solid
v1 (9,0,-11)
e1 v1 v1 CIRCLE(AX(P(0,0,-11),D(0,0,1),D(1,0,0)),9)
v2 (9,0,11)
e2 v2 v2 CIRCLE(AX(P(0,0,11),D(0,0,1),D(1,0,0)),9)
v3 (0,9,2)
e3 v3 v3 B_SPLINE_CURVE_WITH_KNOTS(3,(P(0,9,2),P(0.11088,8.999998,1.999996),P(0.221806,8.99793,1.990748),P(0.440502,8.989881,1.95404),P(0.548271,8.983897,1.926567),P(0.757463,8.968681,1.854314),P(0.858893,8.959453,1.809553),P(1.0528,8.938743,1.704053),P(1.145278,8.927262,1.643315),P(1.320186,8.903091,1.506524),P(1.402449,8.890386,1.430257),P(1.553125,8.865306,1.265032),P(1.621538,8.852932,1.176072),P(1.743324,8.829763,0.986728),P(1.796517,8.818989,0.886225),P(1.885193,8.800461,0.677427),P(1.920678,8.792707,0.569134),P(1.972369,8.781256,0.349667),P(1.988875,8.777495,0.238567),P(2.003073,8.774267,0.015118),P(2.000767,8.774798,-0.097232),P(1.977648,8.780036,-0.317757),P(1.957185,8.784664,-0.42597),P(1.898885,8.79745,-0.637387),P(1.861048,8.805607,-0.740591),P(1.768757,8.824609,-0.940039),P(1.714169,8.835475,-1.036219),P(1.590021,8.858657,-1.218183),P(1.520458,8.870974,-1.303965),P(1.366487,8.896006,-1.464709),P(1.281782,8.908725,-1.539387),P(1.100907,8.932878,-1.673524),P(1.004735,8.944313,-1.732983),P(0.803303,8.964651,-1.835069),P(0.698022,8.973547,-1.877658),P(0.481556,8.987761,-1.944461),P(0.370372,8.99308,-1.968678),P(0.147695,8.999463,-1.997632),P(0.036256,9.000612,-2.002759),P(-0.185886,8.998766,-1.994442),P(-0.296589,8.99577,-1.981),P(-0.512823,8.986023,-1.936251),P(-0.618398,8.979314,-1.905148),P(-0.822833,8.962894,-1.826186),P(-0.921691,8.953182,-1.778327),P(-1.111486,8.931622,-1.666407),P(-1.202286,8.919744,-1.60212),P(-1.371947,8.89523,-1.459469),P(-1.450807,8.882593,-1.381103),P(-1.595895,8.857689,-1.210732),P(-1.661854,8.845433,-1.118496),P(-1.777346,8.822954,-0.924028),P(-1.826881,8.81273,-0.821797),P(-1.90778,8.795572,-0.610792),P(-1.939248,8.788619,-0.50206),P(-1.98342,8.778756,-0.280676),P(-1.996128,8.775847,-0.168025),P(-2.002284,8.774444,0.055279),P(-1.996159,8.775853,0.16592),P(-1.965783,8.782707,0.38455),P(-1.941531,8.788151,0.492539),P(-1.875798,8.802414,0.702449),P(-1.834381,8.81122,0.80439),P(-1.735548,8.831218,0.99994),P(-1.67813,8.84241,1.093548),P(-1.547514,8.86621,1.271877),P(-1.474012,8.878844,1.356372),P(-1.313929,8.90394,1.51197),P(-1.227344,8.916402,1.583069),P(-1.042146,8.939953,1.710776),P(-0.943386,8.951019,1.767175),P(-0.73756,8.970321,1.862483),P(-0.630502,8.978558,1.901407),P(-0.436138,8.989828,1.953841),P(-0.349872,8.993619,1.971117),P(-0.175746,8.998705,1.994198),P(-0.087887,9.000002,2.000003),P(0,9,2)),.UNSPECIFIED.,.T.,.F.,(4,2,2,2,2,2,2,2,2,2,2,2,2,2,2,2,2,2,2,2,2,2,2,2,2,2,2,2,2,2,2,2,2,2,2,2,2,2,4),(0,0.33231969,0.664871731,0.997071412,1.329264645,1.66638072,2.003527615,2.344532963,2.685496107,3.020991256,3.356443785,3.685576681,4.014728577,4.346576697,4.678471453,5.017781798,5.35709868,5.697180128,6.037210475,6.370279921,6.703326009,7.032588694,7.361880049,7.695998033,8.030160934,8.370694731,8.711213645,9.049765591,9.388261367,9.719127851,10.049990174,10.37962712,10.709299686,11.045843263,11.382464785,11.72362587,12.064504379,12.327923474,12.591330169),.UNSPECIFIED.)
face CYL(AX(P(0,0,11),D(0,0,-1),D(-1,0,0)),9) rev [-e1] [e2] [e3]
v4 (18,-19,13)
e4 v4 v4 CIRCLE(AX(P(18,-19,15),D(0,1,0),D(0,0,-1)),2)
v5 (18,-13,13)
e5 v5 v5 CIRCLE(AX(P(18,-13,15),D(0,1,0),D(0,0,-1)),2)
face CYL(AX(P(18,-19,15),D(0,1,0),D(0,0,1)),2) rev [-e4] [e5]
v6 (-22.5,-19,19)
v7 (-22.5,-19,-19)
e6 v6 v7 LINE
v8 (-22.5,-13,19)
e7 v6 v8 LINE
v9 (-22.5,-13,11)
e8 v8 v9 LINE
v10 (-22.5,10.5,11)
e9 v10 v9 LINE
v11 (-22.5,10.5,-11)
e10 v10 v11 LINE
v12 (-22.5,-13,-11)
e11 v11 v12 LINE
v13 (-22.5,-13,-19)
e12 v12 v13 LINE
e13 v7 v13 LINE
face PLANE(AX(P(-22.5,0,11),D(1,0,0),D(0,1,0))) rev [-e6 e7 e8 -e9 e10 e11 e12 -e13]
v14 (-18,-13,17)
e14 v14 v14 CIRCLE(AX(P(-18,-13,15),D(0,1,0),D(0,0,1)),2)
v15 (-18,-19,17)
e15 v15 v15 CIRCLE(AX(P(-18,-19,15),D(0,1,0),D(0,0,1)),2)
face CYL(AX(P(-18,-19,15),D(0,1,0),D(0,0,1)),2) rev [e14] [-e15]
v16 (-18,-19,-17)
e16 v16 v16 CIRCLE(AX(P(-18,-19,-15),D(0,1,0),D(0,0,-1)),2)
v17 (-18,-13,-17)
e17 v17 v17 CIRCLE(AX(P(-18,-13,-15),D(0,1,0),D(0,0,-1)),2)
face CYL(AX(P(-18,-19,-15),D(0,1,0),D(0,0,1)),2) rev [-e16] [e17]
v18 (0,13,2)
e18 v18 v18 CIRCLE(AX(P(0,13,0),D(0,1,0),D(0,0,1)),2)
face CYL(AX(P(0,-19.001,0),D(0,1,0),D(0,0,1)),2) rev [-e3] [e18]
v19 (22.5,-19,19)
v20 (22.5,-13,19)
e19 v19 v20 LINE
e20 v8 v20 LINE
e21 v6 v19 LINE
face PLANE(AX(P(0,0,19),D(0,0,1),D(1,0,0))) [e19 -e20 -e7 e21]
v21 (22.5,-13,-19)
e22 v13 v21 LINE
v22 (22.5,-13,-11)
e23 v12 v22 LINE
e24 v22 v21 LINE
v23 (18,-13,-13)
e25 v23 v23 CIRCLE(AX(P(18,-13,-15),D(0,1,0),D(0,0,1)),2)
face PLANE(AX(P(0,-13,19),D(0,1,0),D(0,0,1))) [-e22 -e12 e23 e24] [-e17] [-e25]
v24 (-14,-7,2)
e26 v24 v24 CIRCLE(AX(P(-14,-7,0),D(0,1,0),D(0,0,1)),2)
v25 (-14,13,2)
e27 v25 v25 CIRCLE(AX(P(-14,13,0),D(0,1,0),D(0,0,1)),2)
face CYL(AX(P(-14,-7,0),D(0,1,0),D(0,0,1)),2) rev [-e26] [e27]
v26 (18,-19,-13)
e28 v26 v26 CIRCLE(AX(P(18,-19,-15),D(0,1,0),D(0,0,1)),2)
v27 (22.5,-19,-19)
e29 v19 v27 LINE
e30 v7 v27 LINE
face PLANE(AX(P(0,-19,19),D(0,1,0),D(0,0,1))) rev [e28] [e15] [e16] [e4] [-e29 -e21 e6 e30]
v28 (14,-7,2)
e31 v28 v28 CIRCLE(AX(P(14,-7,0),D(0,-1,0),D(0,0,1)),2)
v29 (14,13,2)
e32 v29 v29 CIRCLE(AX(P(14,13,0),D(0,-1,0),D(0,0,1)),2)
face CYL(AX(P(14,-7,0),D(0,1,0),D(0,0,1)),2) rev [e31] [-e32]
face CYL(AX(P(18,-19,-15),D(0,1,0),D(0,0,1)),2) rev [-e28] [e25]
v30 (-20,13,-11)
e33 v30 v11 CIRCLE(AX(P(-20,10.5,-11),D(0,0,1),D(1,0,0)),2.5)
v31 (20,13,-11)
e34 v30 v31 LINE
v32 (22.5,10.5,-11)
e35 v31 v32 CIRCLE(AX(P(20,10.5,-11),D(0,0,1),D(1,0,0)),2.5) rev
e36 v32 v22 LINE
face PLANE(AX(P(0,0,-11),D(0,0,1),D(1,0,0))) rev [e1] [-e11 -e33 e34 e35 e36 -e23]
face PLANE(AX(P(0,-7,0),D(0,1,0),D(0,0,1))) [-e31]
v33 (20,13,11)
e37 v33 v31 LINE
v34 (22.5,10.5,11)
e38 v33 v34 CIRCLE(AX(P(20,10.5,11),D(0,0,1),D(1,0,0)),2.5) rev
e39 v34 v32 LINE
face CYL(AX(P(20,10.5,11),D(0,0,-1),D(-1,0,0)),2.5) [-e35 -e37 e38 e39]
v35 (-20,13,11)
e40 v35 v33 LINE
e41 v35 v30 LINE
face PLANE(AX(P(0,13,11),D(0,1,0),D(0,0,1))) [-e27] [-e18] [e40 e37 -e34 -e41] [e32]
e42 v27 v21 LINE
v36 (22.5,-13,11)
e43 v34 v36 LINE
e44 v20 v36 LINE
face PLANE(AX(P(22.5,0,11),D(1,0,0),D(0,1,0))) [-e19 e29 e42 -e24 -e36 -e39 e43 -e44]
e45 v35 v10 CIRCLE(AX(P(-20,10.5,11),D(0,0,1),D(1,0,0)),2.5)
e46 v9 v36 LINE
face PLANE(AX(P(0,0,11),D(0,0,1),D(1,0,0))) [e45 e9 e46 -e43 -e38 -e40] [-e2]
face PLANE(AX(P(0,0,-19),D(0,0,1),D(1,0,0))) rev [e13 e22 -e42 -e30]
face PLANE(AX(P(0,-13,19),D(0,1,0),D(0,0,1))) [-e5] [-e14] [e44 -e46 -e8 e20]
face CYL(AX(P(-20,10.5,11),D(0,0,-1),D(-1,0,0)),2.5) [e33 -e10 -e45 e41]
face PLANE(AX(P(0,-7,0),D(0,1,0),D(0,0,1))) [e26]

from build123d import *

# Parameters (mm, degrees)
SKETCH1_R               = 9
BOSS_EXTRUDE1_DEPTH     = 11
SKETCH1_3_W             = 45
SKETCH1_3_H             = 6
BOSS_EXTRUDE2_DEPTH     = 19
SKETCH2_R               = 2
CUT_EXTRUDE1_DEPTH      = 40.284220751
CUT_EXTRUDE2_REACH      = 45.489
CUT_EXTRUDE2_END_RADIUS = 9
SKETCH3_R               = 2
SKETCH3_3_R             = 2
CUT_EXTRUDE3_DEPTH      = 20


with BuildPart() as part:
    # Sketch1 → Boss-Extrude1 (new, symmetric)
    with BuildSketch(Plane.XY):
        with BuildLine():
            Line((-20, 13), (20, 13))
            ThreePointArc((20, 13), (21.767766953, 12.267766953), (22.5, 10.5))
            Line((22.5, 10.5), (22.5, -13))
            Line((22.5, -13), (-22.5, -13))
            Line((-22.5, -13), (-22.5, 10.5))
            ThreePointArc((-22.5, 10.5), (-21.767766953, 12.267766953), (-20, 13))
        make_face()
        Circle(SKETCH1_R, mode=Mode.SUBTRACT)
    extrude(amount=BOSS_EXTRUDE1_DEPTH, both=True)

    # Sketch1<3> → Boss-Extrude2 (add, symmetric)
    with BuildSketch(Plane.XY):
        with Locations((0, -16)):
            Rectangle(SKETCH1_3_W, SKETCH1_3_H)
    extrude(amount=BOSS_EXTRUDE2_DEPTH, both=True)

    # Sketch2 → Cut-Extrude1 (cut, through all)
    with BuildSketch(Plane(origin=(0, -13, 0), x_dir=(1, 0, 0), z_dir=(0, 1, 0))):
        with Locations(Location((-18, -15, 0), (0, 0, 270))):
            Circle(SKETCH2_R)
        with Locations(Location((18, -15, 0), (0, 0, 90))):
            Circle(SKETCH2_R)
        with Locations(Location((18, 15, 0), (0, 0, 270))):
            Circle(SKETCH2_R)
        with Locations(Location((-18, 15, 0), (0, 0, 90))):
            Circle(SKETCH2_R)
    extrude(amount=-CUT_EXTRUDE1_DEPTH, mode=Mode.SUBTRACT)

    # Cut-Extrude2: up to this cylinder (the profile starts outside it)
    cut_extrude2_end = Plane(origin=(0, 0, 0), z_dir=(0, 0, -1)) * Cylinder(CUT_EXTRUDE2_END_RADIUS, 109.978, mode=Mode.PRIVATE)
    # Sketch3 → Cut-Extrude2 (cut, up to the surface)
    with BuildSketch(Plane(origin=(0, 13, 0), x_dir=(1, 0, 0), z_dir=(0, 1, 0)), mode=Mode.PRIVATE) as cut_extrude2_sk1:
        with Locations(Location((0, 0, 0), (0, 0, 270))):
            Circle(SKETCH3_R)
    cut_extrude2_tool1 = extrude(cut_extrude2_sk1.sketch, amount=-CUT_EXTRUDE2_REACH, mode=Mode.PRIVATE) - cut_extrude2_end
    add(cut_extrude2_tool1.solids().sort_by_distance((0, 13, 0))[0], mode=Mode.SUBTRACT)

    # Sketch3<3> → Cut-Extrude3 (cut)
    with BuildSketch(Plane(origin=(0, 13, 0), x_dir=(1, 0, 0), z_dir=(0, 1, 0))):
        with Locations(Location((-14, 0, 0), (0, 0, 270))):
            Circle(SKETCH3_3_R)
    cut_extrude3 = extrude(amount=-CUT_EXTRUDE3_DEPTH, mode=Mode.SUBTRACT)

    # Mirror1: Cut-Extrude3 across plane
    add(cut_extrude3.mirror(Plane(origin=(0, 0, 0), x_dir=(0, 0, 1), z_dir=(1, 0, 0))), mode=Mode.SUBTRACT)


solid = part.part
